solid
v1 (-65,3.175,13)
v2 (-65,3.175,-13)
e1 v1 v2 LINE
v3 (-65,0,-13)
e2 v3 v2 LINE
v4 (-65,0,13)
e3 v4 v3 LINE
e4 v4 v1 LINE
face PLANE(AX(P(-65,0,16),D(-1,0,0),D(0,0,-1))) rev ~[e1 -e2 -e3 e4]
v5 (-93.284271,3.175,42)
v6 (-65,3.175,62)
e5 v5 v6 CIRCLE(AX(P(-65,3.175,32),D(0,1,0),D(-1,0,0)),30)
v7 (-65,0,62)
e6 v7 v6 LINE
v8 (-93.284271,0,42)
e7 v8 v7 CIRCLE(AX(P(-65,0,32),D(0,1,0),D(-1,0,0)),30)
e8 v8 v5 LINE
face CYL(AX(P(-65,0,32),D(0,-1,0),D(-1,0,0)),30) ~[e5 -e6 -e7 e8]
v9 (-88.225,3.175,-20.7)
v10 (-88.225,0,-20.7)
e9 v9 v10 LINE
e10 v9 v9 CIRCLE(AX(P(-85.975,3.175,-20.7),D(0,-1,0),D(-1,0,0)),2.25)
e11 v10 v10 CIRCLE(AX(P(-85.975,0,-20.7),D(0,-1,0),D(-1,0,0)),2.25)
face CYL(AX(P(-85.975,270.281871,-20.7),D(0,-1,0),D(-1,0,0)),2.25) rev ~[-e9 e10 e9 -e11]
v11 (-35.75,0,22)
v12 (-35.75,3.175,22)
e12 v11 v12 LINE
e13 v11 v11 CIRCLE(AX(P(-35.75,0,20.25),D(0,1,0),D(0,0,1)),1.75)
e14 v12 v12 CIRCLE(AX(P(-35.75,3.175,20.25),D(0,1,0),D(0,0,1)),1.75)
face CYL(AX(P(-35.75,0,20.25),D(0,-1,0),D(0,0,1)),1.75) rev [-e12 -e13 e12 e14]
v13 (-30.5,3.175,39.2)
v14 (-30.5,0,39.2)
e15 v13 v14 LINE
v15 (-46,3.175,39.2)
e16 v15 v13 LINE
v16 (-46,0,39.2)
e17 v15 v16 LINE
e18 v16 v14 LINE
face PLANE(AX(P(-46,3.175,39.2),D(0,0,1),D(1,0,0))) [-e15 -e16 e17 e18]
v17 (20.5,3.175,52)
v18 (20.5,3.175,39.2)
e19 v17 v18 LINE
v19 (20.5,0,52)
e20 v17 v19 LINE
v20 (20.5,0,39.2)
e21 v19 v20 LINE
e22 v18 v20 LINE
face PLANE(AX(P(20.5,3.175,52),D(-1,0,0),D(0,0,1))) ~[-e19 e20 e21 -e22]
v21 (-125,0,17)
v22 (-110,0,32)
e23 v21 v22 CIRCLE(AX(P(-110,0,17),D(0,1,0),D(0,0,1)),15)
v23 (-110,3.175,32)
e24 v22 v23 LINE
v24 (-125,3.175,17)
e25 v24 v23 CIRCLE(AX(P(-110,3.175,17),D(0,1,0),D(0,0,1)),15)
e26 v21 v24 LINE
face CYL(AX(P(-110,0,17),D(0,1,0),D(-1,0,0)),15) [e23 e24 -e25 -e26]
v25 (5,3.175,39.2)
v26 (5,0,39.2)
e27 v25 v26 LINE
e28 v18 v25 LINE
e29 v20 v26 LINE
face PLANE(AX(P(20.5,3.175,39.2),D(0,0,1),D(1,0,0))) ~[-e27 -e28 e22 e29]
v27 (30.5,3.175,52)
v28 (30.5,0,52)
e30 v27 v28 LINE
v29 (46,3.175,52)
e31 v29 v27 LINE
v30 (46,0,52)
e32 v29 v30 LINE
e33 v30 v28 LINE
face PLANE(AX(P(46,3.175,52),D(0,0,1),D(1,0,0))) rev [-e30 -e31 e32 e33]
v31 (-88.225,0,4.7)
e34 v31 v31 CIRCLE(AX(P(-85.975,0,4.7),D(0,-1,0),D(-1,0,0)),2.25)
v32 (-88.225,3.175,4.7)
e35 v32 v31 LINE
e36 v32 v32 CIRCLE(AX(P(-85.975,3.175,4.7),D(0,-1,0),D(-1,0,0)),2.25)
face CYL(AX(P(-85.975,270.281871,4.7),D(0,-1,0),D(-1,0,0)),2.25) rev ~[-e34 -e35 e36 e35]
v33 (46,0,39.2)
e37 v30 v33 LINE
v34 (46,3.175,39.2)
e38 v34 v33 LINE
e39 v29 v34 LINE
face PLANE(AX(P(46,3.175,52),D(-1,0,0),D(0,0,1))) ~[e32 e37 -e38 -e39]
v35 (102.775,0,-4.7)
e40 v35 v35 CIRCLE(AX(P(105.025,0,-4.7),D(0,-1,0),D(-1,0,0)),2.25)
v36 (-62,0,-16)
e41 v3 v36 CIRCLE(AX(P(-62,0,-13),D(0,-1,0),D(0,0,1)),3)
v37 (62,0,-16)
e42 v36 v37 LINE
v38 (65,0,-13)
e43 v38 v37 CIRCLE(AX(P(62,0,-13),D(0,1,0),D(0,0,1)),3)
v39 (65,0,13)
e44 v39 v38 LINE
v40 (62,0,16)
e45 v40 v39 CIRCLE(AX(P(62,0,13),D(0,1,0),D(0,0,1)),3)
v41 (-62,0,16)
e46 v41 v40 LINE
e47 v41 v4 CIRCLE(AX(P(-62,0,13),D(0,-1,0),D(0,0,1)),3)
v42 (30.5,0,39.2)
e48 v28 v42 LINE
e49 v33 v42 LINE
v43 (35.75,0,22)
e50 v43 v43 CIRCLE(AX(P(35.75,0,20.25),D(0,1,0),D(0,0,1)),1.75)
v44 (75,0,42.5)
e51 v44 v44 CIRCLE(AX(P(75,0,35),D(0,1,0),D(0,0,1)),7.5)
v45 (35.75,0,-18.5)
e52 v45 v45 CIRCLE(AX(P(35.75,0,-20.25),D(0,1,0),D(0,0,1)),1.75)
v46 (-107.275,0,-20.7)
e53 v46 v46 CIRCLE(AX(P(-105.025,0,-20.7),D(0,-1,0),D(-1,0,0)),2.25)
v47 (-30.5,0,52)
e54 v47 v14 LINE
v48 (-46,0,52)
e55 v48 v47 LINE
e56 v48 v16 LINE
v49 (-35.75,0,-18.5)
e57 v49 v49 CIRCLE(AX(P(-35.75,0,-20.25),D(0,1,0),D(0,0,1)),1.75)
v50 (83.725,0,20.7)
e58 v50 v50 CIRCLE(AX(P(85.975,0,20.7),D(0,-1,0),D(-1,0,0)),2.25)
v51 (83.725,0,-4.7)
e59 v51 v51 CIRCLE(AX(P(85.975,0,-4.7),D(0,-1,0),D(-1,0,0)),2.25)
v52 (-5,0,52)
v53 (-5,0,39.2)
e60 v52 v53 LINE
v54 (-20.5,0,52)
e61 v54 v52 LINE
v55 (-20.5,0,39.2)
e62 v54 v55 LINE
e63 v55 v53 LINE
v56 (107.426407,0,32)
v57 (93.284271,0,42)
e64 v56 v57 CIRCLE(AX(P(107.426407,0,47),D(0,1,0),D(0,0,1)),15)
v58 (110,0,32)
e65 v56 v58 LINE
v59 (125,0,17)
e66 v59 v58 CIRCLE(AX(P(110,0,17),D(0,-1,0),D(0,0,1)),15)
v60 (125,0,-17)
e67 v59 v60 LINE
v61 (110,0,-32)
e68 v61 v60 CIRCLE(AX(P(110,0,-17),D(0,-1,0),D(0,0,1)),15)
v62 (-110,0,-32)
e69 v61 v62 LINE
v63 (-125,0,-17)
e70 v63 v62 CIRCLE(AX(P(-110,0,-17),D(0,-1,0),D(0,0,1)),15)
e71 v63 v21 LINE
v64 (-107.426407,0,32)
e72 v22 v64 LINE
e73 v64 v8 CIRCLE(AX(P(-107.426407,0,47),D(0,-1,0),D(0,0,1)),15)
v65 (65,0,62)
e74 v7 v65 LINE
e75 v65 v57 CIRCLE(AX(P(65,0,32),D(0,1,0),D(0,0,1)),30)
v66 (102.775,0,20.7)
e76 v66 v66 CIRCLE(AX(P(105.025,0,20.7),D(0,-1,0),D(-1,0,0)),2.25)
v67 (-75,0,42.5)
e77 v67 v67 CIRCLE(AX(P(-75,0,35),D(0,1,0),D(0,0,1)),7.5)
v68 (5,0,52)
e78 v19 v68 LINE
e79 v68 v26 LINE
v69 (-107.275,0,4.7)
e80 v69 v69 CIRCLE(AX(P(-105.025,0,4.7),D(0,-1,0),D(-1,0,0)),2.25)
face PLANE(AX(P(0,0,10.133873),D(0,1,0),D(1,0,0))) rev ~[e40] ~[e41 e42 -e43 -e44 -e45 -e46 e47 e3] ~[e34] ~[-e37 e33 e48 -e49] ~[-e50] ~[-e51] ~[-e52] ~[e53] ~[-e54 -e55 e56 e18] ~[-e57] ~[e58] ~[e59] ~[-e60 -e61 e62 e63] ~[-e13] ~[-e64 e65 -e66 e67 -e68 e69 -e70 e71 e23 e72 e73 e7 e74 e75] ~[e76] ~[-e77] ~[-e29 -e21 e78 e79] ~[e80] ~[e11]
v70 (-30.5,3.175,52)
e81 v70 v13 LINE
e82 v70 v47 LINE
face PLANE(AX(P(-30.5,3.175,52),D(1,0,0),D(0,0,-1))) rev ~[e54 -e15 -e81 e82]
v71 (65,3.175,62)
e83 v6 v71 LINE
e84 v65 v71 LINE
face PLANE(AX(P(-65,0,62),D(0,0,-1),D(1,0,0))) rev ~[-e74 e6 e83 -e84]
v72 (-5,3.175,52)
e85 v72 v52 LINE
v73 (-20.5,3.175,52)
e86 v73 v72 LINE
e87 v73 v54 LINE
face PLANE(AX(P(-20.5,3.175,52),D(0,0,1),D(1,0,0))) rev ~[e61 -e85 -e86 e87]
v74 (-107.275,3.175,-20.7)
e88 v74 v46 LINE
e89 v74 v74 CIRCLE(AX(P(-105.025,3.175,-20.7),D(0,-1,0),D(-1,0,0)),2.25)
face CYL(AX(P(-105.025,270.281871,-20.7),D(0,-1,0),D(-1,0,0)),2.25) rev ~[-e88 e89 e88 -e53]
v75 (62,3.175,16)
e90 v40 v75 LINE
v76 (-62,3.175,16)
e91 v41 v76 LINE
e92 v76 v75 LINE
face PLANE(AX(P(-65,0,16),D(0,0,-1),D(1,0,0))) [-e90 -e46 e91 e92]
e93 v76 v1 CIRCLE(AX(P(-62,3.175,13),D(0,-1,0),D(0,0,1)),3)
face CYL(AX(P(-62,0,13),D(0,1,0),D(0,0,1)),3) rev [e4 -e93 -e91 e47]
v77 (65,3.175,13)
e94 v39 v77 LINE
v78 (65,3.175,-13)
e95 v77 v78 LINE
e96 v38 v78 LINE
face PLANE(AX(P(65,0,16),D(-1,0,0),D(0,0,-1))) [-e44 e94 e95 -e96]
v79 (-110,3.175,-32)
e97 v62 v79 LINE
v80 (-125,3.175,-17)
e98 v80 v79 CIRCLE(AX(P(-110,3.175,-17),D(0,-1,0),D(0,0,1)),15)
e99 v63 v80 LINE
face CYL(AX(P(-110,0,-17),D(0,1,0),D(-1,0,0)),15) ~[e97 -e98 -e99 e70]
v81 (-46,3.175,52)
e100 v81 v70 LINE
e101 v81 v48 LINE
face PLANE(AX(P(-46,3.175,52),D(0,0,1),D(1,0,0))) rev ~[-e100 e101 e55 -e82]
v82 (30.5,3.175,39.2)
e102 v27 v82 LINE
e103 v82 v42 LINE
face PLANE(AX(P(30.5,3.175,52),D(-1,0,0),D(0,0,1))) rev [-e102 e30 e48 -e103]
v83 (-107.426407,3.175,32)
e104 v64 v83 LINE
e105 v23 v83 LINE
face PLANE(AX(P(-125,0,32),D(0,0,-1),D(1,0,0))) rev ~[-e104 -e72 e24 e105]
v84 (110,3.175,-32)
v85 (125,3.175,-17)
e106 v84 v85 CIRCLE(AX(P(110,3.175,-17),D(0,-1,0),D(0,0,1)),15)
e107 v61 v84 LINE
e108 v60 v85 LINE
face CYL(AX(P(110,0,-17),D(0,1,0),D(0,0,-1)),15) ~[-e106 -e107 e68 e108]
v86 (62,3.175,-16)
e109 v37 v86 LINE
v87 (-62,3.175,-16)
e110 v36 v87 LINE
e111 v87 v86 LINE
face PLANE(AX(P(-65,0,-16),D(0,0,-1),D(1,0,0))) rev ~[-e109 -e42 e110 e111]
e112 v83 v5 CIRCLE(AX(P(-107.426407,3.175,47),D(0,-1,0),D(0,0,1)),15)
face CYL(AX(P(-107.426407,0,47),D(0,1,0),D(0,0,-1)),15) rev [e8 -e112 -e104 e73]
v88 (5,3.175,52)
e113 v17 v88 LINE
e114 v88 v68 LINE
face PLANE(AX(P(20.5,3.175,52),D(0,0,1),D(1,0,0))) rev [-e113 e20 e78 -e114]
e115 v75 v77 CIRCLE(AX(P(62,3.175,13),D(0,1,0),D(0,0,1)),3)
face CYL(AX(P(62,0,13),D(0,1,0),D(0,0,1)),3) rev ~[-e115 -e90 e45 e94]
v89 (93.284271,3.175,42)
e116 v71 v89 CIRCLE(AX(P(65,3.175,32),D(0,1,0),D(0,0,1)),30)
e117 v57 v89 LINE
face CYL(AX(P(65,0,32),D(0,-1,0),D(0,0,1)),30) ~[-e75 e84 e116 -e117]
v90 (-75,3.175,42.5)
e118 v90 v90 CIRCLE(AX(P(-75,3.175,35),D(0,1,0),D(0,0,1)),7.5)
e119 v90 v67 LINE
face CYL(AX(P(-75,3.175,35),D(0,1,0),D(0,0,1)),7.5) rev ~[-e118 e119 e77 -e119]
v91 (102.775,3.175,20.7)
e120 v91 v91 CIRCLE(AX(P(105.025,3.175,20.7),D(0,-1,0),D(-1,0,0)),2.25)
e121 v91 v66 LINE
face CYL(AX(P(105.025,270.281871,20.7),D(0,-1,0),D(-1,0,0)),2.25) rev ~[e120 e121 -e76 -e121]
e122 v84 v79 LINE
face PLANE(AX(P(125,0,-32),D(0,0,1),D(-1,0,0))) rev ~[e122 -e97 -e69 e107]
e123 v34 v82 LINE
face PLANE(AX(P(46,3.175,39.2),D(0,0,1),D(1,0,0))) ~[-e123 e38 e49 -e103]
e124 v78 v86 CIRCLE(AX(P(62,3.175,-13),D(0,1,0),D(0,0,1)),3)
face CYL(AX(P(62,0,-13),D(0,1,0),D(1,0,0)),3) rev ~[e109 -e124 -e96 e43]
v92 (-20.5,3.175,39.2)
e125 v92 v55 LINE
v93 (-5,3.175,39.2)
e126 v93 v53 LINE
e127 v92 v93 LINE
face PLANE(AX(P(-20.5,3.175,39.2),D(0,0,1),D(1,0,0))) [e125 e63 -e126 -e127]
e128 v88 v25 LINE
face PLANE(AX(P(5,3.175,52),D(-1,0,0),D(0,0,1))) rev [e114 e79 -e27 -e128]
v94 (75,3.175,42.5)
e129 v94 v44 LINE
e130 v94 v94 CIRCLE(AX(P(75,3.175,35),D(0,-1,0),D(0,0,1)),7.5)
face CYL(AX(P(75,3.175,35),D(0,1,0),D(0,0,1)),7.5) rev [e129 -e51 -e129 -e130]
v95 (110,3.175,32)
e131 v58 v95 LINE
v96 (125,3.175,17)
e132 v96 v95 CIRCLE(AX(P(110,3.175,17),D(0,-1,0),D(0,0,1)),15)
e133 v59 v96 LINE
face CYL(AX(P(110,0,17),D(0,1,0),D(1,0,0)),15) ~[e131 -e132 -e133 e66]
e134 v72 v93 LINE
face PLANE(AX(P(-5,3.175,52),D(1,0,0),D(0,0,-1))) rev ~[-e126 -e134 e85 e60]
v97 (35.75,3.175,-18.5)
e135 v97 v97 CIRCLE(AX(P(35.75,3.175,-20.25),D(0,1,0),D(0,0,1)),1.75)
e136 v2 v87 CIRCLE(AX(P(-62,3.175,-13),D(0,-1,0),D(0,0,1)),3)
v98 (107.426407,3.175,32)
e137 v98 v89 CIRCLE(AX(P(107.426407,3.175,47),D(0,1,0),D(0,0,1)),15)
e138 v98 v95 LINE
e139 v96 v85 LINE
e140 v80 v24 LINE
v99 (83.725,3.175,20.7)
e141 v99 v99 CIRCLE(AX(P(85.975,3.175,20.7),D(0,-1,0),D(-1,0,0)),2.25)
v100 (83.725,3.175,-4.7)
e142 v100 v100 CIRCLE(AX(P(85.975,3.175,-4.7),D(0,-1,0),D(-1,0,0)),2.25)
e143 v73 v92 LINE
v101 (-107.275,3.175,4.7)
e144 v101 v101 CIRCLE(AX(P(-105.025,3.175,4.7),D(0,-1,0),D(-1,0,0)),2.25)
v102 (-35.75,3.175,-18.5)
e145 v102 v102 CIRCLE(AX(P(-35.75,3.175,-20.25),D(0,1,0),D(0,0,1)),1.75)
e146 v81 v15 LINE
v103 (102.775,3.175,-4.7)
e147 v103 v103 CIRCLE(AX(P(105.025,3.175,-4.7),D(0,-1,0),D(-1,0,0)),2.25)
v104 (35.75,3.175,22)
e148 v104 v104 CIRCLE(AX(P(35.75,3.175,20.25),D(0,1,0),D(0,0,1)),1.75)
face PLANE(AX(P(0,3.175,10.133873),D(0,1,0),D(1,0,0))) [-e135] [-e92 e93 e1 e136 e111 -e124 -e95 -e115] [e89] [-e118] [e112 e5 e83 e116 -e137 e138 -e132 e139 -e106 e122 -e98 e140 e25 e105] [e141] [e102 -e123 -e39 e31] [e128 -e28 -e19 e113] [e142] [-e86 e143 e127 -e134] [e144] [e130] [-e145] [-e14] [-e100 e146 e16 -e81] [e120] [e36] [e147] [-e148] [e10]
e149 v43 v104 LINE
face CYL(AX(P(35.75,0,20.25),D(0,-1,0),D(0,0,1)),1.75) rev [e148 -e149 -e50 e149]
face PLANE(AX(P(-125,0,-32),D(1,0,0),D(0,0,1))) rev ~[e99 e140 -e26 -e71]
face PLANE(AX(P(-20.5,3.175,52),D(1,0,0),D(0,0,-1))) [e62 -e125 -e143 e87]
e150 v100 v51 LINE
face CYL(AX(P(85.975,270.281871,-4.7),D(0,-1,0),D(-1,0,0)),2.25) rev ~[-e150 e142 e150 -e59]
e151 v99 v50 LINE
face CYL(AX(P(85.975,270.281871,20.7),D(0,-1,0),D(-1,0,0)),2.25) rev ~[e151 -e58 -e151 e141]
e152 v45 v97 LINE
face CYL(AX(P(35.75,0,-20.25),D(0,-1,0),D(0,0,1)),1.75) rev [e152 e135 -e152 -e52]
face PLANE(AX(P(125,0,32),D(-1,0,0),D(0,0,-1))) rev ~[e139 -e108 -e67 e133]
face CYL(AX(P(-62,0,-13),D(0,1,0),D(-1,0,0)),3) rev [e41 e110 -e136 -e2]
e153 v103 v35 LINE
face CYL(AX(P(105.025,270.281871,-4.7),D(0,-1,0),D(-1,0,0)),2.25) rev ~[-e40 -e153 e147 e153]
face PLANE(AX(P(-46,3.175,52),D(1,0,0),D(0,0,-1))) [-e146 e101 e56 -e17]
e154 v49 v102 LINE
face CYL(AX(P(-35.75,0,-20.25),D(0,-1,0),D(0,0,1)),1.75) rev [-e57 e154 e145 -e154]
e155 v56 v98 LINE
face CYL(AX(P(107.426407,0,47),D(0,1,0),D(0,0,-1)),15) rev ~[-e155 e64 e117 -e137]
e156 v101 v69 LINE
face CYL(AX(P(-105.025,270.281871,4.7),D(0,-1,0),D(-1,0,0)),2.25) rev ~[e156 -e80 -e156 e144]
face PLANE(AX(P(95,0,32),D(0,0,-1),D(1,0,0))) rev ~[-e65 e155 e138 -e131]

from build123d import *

# Parameters (mm, degrees)
SKETCH3_W            = 130
SKETCH3_H            = 32
SKETCH3_R            = 1.75
BOSS_EXTRUDE1_DEPTH  = 3.175
M4_CLEARANCE_HOLE1_D = 4.5
FILLET1_R            = 15
SKETCH6_W            = 15.5
SKETCH6_H            = 12.8
CUT_EXTRUDE1_DEPTH   = 140.56747696
SKETCH7_R            = 7.5
CUT_EXTRUDE2_DEPTH   = 140.56747696
FILLET2_R            = 3


with BuildPart() as part:
    # Sketch3 → Boss-Extrude1 (new body)
    with BuildSketch(Plane(origin=(0, 0, 0), x_dir=(1, 0, 0), z_dir=(0, 1, 0))):
        with BuildLine():
            Line((-125, 32), (-125, -32))
            Line((-125, -32), (-95, -32))
            ThreePointArc((-95, -32), (-86.213203436, -53.213203436), (-65, -62))
            Line((-65, -62), (65, -62))
            ThreePointArc((65, -62), (86.213203436, -53.213203436), (95, -32))
            Line((95, -32), (125, -32))
            Line((125, -32), (125, 32))
            Line((125, 32), (-125, 32))
        make_face()
        Rectangle(SKETCH3_W, SKETCH3_H, mode=Mode.SUBTRACT)
        with Locations(Location((-35.75, 20.25, 0), (0, 0, 270))):
            Circle(SKETCH3_R, mode=Mode.SUBTRACT)
        with Locations(Location((35.75, 20.25, 0), (0, 0, 270))):
            Circle(SKETCH3_R, mode=Mode.SUBTRACT)
        with Locations(Location((-35.75, -20.25, 0), (0, 0, 270))):
            Circle(SKETCH3_R, mode=Mode.SUBTRACT)
        with Locations(Location((35.75, -20.25, 0), (0, 0, 270))):
            Circle(SKETCH3_R, mode=Mode.SUBTRACT)
    extrude(amount=BOSS_EXTRUDE1_DEPTH)

    # M4 Clearance Hole1 (through all)
    with Locations(Plane(origin=(0, 3.175, 0), x_dir=(1, 0, 0), z_dir=(0, 1, 0))):
        with Locations((-105.025, 20.7), (-85.975, 20.7), (-105.025, -4.7), (-85.975, -4.7), (85.975, 4.7), (105.025, 4.7), (105.025, -20.7), (85.975, -20.7)):
            Hole(M4_CLEARANCE_HOLE1_D / 2)

    # Fillet1
    fillet1_edges = [part.edges().sort_by_distance(p)[0] for p in [
        (-125, 1.5875, 32),
        (-125, 1.5875, -32),
        (125, 1.5875, -32),
        (125, 1.5875, 32),
        (95, 1.5875, 32),
        (-95, 1.5875, 32),
    ]]
    fillet(fillet1_edges, radius=FILLET1_R)

    # Sketch6 → Cut-Extrude1 (cut, through all)
    with BuildSketch(Plane(origin=(0, 3.175, 0), x_dir=(1, 0, 0), z_dir=(0, 1, 0))):
        with Locations((-38.25, -45.6)):
            Rectangle(SKETCH6_W, SKETCH6_H)
        with Locations((-12.75, -45.6)):
            Rectangle(SKETCH6_W, SKETCH6_H)
    cut_extrude1 = extrude(amount=-CUT_EXTRUDE1_DEPTH, mode=Mode.SUBTRACT)

    # Sketch7 → Cut-Extrude2 (cut, through all)
    with BuildSketch(Plane(origin=(0, 3.175, 0), x_dir=(1, 0, 0), z_dir=(0, 1, 0))):
        with Locations(Location((-75, -35, 0), (0, 0, 270))):
            Circle(SKETCH7_R)
    cut_extrude2 = extrude(amount=-CUT_EXTRUDE2_DEPTH, mode=Mode.SUBTRACT)

    # Mirror1: Cut-Extrude1, Cut-Extrude2 across plane
    add(cut_extrude1.mirror(Plane(origin=(0, 0, 0), x_dir=(0, 0, 1), z_dir=(1, 0, 0))), mode=Mode.SUBTRACT)
    add(cut_extrude2.mirror(Plane(origin=(0, 0, 0), x_dir=(0, 0, 1), z_dir=(1, 0, 0))), mode=Mode.SUBTRACT)

    # Fillet2
    fillet2_edges = [part.edges().sort_by_distance(p)[0] for p in [
        (65, 1.5875, 16),
        (65, 1.5875, -16),
        (-65, 1.5875, -16),
        (-65, 1.5875, 16),
    ]]
    fillet(fillet2_edges, radius=FILLET2_R)


solid = part.part
